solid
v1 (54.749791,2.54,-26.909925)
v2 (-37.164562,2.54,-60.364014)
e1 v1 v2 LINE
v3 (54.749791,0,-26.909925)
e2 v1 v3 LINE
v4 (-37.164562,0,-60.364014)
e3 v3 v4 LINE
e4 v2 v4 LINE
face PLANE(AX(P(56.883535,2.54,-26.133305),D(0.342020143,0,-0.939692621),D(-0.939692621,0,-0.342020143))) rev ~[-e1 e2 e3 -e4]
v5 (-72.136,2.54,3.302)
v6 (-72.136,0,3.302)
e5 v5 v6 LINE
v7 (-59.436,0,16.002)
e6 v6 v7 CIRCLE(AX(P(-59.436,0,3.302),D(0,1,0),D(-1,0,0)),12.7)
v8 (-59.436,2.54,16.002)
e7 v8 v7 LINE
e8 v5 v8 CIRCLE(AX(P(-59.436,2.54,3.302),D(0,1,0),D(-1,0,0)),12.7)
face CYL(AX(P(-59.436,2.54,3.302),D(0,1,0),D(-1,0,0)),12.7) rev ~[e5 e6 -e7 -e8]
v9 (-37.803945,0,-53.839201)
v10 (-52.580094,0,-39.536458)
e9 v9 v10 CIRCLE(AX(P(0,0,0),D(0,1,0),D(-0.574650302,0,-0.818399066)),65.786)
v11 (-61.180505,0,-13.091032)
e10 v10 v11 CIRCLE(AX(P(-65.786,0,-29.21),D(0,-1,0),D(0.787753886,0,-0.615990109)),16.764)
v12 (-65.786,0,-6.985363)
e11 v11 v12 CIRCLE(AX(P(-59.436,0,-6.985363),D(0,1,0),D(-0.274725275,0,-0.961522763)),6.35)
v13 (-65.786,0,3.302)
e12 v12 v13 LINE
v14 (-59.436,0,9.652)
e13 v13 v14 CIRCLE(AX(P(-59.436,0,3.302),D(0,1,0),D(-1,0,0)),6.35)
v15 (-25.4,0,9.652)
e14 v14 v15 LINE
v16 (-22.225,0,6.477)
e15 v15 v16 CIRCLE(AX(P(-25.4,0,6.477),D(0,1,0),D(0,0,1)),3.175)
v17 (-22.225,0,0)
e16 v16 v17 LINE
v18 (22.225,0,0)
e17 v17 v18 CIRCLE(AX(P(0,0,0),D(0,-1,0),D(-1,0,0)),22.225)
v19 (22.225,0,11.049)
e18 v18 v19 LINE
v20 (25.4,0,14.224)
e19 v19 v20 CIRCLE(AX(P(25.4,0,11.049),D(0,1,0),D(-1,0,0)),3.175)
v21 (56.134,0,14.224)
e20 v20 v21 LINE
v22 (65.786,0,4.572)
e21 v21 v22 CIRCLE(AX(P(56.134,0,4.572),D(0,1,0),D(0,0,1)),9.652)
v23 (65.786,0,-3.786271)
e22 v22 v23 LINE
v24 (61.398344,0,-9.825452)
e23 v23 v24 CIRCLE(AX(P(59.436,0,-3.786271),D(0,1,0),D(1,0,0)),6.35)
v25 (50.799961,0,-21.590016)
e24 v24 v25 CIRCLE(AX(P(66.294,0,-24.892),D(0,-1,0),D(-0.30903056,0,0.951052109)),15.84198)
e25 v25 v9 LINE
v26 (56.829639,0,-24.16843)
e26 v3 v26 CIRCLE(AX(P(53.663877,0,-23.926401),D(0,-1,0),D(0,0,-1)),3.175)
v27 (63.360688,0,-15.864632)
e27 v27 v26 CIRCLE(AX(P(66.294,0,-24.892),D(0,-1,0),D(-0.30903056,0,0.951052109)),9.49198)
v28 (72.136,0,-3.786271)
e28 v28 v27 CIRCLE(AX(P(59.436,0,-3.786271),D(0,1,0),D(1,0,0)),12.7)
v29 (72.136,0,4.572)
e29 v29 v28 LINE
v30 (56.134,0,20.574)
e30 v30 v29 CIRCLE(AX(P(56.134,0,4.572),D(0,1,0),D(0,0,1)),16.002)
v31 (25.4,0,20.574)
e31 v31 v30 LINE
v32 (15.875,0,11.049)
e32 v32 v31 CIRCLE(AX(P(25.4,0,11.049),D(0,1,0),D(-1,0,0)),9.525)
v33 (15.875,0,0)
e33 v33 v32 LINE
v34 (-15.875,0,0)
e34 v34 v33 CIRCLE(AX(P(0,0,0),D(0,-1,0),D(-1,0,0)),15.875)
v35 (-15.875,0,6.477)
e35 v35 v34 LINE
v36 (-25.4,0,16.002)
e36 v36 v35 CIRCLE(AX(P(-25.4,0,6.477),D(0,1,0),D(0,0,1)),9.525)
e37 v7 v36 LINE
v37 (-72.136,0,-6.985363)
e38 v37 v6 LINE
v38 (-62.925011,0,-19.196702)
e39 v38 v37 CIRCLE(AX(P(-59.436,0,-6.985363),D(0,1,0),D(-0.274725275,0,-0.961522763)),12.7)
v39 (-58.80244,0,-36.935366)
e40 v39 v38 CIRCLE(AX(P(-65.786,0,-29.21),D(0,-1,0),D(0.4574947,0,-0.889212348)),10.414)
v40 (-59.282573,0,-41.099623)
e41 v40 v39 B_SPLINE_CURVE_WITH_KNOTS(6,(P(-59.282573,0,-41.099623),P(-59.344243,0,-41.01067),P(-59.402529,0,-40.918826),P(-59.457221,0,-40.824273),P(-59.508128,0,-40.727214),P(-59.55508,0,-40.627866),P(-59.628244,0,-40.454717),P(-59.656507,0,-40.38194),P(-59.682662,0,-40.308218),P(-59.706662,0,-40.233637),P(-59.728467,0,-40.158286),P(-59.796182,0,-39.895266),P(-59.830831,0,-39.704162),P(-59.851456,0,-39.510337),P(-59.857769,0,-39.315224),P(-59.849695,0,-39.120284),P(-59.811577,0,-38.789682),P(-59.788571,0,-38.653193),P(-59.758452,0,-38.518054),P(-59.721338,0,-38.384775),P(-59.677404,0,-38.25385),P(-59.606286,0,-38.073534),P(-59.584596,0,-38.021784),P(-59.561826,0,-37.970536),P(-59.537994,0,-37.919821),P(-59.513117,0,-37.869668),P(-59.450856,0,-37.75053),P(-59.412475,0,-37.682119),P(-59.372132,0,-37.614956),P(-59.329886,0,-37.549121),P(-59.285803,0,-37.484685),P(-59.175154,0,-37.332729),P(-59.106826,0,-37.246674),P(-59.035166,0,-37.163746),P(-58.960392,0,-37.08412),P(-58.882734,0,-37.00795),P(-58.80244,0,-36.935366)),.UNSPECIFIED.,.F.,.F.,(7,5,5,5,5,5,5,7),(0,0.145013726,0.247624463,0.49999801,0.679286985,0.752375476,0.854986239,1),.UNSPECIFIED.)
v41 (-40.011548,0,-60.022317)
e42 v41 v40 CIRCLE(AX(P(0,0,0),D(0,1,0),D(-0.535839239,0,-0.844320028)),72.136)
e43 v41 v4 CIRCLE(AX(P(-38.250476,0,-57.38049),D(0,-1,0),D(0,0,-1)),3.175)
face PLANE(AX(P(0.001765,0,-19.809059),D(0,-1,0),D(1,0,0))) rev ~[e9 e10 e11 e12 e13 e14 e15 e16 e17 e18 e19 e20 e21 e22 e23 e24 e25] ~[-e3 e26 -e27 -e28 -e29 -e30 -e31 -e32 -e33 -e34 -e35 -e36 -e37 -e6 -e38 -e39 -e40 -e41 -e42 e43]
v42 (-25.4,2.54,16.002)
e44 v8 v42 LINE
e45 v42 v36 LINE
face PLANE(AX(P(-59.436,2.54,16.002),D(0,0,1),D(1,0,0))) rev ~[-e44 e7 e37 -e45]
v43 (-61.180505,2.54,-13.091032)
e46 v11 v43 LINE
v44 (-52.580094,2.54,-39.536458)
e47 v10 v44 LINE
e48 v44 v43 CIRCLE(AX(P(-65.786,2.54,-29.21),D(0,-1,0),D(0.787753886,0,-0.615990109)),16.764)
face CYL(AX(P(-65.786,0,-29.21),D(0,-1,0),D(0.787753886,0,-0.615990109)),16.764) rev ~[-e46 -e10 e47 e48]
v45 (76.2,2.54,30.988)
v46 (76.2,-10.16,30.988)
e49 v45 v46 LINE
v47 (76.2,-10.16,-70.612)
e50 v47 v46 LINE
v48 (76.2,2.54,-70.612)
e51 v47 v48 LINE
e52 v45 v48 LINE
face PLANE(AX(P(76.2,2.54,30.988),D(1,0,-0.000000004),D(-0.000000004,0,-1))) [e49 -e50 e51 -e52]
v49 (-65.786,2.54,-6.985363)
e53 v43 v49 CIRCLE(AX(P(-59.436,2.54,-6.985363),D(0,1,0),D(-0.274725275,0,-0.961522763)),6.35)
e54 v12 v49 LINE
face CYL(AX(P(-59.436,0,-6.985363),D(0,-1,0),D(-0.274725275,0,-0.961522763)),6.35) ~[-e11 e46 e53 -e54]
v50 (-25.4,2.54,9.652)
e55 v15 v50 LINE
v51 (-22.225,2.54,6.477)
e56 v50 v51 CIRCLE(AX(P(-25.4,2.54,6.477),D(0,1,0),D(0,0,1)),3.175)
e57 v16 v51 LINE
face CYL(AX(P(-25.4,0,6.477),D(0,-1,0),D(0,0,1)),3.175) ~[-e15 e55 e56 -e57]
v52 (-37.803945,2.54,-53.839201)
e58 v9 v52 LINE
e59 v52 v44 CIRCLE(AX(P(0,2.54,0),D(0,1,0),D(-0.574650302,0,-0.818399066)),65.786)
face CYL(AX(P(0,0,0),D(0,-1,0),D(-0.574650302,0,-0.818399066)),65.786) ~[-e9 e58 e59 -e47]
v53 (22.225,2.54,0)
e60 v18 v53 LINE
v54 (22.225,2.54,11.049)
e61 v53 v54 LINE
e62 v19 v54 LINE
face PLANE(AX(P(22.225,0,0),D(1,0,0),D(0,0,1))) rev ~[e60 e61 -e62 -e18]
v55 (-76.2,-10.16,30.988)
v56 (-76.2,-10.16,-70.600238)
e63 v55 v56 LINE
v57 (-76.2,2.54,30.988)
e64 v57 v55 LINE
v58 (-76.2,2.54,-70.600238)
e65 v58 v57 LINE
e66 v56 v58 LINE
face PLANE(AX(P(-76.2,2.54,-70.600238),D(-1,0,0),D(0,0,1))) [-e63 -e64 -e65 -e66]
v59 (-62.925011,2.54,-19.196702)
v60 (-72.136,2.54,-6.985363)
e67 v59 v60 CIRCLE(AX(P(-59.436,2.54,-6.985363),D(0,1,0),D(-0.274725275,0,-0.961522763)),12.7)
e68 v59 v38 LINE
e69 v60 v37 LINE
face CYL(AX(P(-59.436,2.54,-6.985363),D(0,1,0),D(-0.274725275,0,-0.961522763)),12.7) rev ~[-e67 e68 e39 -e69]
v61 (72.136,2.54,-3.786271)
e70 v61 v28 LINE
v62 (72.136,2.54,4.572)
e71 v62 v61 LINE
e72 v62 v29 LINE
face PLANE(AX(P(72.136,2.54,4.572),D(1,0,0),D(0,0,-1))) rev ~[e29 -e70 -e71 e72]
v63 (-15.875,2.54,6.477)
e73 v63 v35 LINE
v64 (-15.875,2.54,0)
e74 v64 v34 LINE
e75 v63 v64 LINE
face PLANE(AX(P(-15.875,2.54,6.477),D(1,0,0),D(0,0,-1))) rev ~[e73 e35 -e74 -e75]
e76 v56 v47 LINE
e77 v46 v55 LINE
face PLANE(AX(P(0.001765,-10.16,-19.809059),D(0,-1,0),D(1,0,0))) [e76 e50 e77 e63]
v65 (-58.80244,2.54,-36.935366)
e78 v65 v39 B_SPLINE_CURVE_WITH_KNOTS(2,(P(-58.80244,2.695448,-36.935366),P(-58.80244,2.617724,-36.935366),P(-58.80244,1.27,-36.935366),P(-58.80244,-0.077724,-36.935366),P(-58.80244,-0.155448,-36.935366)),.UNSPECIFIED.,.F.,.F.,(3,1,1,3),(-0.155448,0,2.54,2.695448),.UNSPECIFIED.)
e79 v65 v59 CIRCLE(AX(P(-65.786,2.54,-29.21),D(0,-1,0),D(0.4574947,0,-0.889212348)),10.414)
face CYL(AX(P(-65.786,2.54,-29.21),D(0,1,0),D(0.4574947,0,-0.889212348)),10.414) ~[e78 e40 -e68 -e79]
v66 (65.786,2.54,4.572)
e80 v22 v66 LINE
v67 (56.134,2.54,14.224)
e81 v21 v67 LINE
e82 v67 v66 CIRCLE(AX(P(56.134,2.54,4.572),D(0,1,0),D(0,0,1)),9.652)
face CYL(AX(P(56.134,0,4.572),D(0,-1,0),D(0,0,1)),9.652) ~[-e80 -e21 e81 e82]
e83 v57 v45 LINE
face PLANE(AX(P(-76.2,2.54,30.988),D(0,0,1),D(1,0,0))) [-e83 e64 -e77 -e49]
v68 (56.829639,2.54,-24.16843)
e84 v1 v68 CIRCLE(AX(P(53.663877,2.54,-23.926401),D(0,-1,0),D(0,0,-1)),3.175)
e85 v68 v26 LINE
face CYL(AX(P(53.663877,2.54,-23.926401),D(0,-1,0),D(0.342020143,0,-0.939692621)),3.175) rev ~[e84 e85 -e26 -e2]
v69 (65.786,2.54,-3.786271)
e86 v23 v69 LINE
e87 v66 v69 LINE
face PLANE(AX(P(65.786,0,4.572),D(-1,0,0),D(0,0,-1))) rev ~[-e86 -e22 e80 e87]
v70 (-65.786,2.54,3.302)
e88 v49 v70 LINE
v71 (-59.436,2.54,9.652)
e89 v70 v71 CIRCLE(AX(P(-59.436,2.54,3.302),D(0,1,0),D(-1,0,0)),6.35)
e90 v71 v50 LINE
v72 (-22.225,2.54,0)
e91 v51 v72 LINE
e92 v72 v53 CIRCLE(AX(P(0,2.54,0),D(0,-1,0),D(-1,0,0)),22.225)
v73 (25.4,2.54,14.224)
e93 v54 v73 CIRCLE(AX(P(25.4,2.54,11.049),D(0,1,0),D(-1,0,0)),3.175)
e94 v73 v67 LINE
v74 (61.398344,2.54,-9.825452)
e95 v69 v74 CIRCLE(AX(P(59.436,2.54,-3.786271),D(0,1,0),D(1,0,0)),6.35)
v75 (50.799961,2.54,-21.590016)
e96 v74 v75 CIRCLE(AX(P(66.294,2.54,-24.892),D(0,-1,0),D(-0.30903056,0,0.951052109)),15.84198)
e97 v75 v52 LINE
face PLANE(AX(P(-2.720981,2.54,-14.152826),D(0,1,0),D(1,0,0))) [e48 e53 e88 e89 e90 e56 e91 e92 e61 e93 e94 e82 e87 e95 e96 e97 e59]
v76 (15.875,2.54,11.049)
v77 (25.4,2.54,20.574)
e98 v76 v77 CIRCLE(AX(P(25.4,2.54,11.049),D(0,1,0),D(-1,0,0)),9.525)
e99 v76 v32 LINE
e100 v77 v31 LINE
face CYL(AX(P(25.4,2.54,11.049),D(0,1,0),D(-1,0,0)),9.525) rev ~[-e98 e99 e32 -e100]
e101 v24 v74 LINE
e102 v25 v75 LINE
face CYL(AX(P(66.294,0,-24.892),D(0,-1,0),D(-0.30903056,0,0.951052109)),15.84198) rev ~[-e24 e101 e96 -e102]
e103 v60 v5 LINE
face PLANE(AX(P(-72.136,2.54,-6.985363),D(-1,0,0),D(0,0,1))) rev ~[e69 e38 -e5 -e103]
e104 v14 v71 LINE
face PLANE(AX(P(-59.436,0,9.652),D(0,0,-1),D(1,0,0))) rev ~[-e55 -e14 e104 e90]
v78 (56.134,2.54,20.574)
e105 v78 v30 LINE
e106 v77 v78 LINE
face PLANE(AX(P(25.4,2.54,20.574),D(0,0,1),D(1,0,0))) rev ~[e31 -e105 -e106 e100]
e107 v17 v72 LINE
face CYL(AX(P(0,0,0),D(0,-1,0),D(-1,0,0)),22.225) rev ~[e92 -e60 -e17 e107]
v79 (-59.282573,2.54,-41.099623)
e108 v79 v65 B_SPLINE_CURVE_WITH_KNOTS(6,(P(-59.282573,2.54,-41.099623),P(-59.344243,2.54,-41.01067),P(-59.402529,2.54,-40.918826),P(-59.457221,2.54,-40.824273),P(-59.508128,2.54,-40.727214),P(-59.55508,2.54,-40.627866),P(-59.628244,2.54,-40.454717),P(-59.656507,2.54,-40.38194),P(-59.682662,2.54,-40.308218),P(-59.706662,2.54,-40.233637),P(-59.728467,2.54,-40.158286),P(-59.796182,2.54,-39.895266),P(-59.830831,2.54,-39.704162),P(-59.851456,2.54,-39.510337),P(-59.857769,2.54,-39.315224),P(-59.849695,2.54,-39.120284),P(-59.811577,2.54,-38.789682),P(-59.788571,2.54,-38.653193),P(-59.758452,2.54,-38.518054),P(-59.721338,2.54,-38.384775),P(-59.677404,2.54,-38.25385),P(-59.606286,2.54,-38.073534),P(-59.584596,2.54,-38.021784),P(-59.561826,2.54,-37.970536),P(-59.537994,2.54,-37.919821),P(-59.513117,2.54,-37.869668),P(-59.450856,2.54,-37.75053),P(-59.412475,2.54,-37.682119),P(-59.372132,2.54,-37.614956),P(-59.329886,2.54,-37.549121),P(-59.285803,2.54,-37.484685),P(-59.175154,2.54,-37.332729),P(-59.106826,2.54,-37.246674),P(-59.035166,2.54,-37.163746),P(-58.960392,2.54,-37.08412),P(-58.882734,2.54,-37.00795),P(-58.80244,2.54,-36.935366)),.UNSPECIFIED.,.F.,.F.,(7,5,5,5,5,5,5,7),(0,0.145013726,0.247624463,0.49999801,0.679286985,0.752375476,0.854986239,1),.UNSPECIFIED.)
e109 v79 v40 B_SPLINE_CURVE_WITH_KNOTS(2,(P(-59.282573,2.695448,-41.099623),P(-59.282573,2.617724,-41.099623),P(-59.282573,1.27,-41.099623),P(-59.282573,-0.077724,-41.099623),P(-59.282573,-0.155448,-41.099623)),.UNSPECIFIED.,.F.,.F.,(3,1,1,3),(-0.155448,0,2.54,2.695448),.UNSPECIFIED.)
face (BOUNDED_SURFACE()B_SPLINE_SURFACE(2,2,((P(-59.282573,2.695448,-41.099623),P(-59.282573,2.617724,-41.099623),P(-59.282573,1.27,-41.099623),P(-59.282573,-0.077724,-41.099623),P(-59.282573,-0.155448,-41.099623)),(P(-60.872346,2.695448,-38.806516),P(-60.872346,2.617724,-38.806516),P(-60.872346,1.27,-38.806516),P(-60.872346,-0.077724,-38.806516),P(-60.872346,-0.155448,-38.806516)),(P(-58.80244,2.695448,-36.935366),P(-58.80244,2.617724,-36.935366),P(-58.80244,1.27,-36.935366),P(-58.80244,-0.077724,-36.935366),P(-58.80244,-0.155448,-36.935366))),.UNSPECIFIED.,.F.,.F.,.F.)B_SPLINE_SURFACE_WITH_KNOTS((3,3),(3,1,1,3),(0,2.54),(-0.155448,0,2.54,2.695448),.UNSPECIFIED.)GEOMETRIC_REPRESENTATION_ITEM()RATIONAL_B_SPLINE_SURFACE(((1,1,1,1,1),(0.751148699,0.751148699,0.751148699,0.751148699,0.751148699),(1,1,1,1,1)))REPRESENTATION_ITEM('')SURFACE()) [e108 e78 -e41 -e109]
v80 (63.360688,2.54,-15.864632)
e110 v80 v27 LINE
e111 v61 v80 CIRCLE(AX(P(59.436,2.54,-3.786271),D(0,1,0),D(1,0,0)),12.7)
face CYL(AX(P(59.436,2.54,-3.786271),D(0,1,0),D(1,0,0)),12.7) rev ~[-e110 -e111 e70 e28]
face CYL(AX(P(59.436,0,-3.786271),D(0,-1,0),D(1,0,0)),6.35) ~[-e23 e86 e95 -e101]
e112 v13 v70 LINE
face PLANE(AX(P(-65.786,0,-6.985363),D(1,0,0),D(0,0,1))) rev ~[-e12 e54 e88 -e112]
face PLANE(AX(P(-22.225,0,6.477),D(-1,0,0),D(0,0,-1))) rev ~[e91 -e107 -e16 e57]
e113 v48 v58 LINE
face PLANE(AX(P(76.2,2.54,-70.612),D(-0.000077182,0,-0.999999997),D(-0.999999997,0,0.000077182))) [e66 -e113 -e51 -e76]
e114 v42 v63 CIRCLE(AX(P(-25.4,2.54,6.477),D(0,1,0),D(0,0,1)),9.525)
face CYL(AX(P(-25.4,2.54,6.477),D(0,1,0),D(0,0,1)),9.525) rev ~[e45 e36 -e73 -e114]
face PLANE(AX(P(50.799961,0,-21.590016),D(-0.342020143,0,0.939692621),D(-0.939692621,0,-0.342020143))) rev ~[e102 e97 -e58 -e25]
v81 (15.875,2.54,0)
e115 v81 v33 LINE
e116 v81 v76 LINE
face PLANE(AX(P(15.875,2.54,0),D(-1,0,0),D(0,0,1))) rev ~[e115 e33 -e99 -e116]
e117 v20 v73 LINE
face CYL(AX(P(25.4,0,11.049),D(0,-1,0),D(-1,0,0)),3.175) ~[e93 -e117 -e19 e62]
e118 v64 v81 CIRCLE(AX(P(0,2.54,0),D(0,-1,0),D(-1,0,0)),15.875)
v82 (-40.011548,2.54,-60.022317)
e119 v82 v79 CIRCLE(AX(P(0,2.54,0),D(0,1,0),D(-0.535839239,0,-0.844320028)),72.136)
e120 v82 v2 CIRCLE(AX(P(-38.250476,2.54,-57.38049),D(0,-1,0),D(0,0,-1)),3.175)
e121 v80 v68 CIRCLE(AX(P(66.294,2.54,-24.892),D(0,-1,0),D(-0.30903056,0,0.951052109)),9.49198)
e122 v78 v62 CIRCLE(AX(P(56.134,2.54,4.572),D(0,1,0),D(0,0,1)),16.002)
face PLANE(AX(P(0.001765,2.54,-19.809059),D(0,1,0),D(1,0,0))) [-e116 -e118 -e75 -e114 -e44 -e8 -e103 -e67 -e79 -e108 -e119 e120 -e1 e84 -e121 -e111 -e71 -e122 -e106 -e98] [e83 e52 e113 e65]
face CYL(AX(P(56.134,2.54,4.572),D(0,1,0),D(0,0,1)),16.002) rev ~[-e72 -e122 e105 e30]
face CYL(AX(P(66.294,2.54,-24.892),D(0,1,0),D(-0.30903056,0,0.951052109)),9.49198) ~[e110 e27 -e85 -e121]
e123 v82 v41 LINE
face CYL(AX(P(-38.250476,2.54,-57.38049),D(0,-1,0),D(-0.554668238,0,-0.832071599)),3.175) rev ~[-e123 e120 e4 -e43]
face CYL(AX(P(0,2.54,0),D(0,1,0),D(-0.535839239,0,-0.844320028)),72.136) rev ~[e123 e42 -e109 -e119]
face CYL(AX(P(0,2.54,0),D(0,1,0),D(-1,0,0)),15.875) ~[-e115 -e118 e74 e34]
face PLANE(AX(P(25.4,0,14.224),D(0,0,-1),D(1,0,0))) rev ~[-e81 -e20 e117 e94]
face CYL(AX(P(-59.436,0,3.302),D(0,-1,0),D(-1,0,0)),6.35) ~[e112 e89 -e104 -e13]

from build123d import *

# Parameters (mm, degrees)
BOSS_EXTRUDE1_DEPTH = 2.54
BOSS_EXTRUDE2_DEPTH = 10.16
BOSS_EXTRUDE4_DEPTH = 2.54
FILLET1_R           = 3.175
FILLET2_R           = 3.175
FILLET3_R           = 3.175


with BuildPart() as part:
    # Sketch1 → Boss-Extrude1 (new body)
    with BuildSketch(Plane(origin=(0, 0, 0), x_dir=(1, 0, 0), z_dir=(0, 1, 0))):
        with BuildLine():
            Line((-59.436, -9.652), (-25.4, -9.652))
            ThreePointArc((-25.4, -9.652), (-23.15493597, -8.72206403), (-22.225, -6.477))
            Line((-22.225, -6.477), (-22.225, 0))
            ThreePointArc((-22.225, 0), (0, 22.225), (22.225, 0))
            Line((22.225, 0), (22.225, -11.049))
            ThreePointArc((22.225, -11.049), (23.15493597, -13.29406403), (25.4, -14.224))
            Line((25.4, -14.224), (56.134, -14.224))
            ThreePointArc((56.134, -14.224), (62.958994652, -11.396994652), (65.786, -4.572))
            Line((65.786, -4.572), (65.786, 3.786270628))
            ThreePointArc((65.786, 3.786270628), (64.573284533, 7.518670343), (61.398344054, 9.825451517))
            ThreePointArc((61.398344054, 9.825451517), (54.523861552, 14.288596243), (50.799961303, 21.590016478))
            Line((50.799961303, 21.590016478), (-37.803944764, 53.839200926))
            ThreePointArc((-37.803944764, 53.839200926), (-45.754351941, 47.268774836), (-52.580093852, 39.536458193))
            ThreePointArc((-52.580093852, 39.536458193), (-49.843866059, 24.02540152), (-61.180505495, 13.091032404))
            ThreePointArc((-61.180505495, 13.091032404), (-64.505522161, 10.809293437), (-65.786, 6.98536286))
            Line((-65.786, 6.98536286), (-65.786, -3.302))
            ThreePointArc((-65.786, -3.302), (-63.926128061, -7.792128061), (-59.436, -9.652))
        make_face()
    extrude(amount=BOSS_EXTRUDE1_DEPTH)

    # Sketch2 → Boss-Extrude2 (add)
    with BuildSketch(Plane.XZ):
        Polygon((-76.199999672, 30.988), (-76.199999672, -70.600237501), (76.199999874, -70.612), (76.200000328, 30.988), align=None)
    extrude(amount=BOSS_EXTRUDE2_DEPTH)

    # Sketch9 → Boss-Extrude4 (add)
    with BuildSketch(Plane(origin=(0, 2.54, 0), x_dir=(1, 0, 0), z_dir=(0, 1, 0))):
        Polygon((76.200000328, -30.988), (76.199999874, 70.612), (-76.199999672, 70.600237501), (-76.199999672, -30.988), align=None)
        with BuildLine():
            Line((15.875, 0), (15.875, -11.049))
            ThreePointArc((15.875, -11.049), (18.664807909, -17.784192091), (25.4, -20.574))
            Line((25.4, -20.574), (56.134, -20.574))
            ThreePointArc((56.134, -20.574), (67.449122713, -15.887122713), (72.136, -4.572))
            Line((72.136, -4.572), (72.136, 3.786270628))
            ThreePointArc((72.136, 3.786270628), (69.710569066, 11.251070057), (63.360688108, 15.864632407))
            ThreePointArc((63.360688108, 15.864632407), (58.26569903, 19.828002779), (56.883535343, 26.133305464))
            Line((56.883535343, 26.133305464), (-38.653299329, 60.905869561))
            ThreePointArc((-38.653299329, 60.905869561), (-51.084372013, 50.931222566), (-61.021650194, 38.47025739))
            ThreePointArc((-61.021650194, 38.47025739), (-55.422413128, 28.186543533), (-62.925010989, 19.196701948))
            ThreePointArc((-62.925010989, 19.196701948), (-69.575044323, 14.633224013), (-72.136, 6.98536286))
            Line((-72.136, 6.98536286), (-72.136, -3.302))
            ThreePointArc((-72.136, -3.302), (-68.416256121, -12.282256121), (-59.436, -16.002))
            Line((-59.436, -16.002), (-25.4, -16.002))
            ThreePointArc((-25.4, -16.002), (-18.664807909, -13.212192091), (-15.875, -6.477))
            Line((-15.875, -6.477), (-15.875, 0))
            ThreePointArc((-15.875, 0), (0, 15.875), (15.875, 0))
        make_face(mode=Mode.SUBTRACT)
    extrude(amount=-BOSS_EXTRUDE4_DEPTH)

    # Fillet1
    fillet1_edges = [part.edges().sort_by_distance(p)[0] for p in [
        (-38.653299329, 1.27, -60.905869561),
    ]]
    fillet(fillet1_edges, radius=FILLET1_R)

    # Fillet2
    fillet2_edges = [part.edges().sort_by_distance(p)[0] for p in [
        (56.883535343, 1.27, -26.133305464),
    ]]
    fillet(fillet2_edges, radius=FILLET2_R)

    # Fillet3
    fillet3_edges = [part.edges().sort_by_distance(p)[0] for p in [
        (-61.021650194, 1.27, -38.47025739),
    ]]
    fillet(fillet3_edges, radius=FILLET3_R)


solid = part.part
